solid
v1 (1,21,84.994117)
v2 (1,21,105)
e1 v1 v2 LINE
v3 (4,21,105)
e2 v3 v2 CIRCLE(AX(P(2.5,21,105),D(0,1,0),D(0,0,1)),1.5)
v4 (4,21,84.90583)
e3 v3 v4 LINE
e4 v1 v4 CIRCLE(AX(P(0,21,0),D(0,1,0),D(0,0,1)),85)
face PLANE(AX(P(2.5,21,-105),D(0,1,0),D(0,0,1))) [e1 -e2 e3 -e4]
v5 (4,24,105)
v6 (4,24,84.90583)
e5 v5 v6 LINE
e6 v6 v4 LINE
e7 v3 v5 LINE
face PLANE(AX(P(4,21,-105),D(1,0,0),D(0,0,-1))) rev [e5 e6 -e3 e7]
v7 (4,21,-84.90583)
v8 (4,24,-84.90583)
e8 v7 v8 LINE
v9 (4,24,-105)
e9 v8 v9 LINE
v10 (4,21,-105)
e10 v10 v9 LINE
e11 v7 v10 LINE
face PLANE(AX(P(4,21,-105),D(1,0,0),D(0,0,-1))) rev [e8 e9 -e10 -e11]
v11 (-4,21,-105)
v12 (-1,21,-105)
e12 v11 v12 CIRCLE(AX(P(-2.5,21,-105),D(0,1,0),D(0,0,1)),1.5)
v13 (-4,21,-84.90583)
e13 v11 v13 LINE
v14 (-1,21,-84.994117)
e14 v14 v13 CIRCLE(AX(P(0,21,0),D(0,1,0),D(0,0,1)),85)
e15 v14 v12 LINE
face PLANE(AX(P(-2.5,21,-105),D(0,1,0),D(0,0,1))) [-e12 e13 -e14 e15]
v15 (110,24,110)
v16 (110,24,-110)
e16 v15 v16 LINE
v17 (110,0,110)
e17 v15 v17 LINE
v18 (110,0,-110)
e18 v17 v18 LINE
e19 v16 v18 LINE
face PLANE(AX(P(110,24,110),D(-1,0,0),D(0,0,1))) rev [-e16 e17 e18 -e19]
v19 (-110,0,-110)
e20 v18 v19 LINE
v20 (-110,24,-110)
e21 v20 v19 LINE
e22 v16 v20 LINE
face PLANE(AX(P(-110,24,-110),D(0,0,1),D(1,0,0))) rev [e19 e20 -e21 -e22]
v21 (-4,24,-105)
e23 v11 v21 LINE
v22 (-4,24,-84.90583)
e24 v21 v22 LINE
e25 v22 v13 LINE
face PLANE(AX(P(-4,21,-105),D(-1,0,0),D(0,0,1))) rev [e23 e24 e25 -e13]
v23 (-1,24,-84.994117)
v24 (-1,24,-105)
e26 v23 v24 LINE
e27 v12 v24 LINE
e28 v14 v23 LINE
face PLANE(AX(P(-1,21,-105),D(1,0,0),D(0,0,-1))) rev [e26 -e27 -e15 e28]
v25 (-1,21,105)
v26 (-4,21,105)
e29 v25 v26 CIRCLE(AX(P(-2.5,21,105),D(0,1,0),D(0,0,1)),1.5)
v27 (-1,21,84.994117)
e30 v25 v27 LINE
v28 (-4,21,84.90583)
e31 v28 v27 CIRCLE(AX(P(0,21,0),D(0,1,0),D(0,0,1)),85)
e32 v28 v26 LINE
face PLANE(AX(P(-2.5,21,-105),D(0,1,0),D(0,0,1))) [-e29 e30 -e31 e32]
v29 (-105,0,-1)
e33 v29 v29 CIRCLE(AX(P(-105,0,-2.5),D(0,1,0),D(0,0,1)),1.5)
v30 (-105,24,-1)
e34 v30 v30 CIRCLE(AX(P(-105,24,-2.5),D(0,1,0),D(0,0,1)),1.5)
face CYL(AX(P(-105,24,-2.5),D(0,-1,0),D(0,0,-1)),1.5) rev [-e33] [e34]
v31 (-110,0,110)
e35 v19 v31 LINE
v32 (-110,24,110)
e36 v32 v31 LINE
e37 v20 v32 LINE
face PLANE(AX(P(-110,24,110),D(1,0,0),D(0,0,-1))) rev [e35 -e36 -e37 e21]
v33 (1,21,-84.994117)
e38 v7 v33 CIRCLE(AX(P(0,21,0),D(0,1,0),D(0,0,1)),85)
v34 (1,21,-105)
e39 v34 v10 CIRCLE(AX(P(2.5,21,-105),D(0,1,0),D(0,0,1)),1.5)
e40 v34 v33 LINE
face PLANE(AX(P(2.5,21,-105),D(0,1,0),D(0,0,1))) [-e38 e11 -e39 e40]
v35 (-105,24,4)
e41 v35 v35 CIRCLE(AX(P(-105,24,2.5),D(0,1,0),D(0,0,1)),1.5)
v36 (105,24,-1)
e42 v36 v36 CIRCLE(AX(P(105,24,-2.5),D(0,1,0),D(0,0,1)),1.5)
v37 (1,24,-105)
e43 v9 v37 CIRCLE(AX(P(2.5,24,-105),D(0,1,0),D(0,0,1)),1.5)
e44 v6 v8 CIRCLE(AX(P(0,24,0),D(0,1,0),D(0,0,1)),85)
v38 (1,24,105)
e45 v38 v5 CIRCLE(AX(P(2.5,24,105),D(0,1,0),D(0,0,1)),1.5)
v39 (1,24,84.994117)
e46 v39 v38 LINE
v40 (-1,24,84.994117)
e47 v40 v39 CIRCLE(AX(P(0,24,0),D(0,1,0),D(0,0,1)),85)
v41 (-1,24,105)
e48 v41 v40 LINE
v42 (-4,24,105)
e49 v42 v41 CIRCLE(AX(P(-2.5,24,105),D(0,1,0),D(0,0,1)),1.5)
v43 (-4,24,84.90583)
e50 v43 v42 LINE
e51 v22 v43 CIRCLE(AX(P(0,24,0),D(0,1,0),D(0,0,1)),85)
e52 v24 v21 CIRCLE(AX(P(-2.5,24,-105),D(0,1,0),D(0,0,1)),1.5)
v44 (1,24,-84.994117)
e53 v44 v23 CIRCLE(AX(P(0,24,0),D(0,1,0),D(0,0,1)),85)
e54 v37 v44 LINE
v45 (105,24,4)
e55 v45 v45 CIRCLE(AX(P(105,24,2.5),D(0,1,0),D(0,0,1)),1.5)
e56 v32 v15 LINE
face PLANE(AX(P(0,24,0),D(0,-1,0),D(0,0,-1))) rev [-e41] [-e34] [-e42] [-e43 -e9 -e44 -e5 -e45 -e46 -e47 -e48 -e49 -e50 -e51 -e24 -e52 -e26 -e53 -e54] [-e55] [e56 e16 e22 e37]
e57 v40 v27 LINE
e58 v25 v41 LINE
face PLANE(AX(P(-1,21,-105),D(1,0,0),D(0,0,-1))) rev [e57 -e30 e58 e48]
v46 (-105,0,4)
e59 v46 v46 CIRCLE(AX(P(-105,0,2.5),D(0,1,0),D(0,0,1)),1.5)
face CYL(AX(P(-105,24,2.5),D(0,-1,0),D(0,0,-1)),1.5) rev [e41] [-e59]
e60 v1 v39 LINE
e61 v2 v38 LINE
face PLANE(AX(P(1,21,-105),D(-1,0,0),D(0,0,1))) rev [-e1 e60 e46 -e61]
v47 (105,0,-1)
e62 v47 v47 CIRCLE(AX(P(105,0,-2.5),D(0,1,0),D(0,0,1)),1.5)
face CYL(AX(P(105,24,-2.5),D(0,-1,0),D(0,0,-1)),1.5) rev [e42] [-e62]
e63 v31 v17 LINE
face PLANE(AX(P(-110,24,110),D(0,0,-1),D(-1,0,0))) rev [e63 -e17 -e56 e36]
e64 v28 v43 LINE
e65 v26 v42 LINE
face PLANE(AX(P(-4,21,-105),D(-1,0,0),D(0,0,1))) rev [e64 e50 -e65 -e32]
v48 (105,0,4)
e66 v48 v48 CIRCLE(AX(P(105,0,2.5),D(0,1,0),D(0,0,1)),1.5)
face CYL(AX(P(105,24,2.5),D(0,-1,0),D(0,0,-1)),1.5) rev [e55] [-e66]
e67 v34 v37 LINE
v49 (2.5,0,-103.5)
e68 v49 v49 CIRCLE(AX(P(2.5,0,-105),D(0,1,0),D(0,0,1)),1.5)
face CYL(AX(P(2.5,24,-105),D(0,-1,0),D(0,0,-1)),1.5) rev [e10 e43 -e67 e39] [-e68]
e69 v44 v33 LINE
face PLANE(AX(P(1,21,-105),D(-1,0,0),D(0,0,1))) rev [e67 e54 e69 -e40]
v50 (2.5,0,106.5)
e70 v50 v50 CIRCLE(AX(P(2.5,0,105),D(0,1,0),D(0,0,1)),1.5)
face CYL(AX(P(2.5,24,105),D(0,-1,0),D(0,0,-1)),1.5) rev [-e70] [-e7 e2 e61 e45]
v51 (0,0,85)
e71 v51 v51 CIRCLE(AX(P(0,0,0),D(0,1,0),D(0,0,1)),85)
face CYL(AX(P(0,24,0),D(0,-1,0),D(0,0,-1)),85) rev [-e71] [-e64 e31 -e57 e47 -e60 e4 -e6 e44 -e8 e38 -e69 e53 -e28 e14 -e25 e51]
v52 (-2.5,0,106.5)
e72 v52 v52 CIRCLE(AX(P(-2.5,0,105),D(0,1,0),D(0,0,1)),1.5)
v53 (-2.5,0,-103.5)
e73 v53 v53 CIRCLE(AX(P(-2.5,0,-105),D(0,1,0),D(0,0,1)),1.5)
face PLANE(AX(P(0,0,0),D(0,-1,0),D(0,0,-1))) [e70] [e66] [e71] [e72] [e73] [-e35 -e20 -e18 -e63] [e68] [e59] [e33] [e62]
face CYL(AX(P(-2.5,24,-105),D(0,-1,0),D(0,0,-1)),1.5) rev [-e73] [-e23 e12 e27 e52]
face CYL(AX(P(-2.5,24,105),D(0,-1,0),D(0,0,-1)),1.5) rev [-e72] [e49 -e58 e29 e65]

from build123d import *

# Parameters (mm, degrees)
SKETCH1_W           = 220
SKETCH1_H           = 220
SKETCH1_R           = 85
SKETCH1_R_2         = 1.5
BOSS_EXTRUDE1_DEPTH = 24
CUT_EXTRUDE1_START  = -3
CUT_EXTRUDE1_DEPTH  = 3


with BuildPart() as part:
    # Sketch1 → Boss-Extrude1 (new body)
    with BuildSketch(Plane(origin=(0, 0, 0), x_dir=(1, 0, 0), z_dir=(0, 1, 0))):
        Rectangle(SKETCH1_W, SKETCH1_H)
        with Locations(Location((0, 0, 0), (0, 0, 270))):
            Circle(SKETCH1_R, mode=Mode.SUBTRACT)
        with Locations(Location((-105, 2.5, 0), (0, 0, 270))):
            Circle(SKETCH1_R_2, mode=Mode.SUBTRACT)
        with Locations(Location((-105, -2.5, 0), (0, 0, 270))):
            Circle(SKETCH1_R_2, mode=Mode.SUBTRACT)
        with Locations(Location((105, 2.5, 0), (0, 0, 270))):
            Circle(SKETCH1_R_2, mode=Mode.SUBTRACT)
        with Locations(Location((105, -2.5, 0), (0, 0, 270))):
            Circle(SKETCH1_R_2, mode=Mode.SUBTRACT)
        with Locations(Location((-2.5, -105, 0), (0, 0, 270))):
            Circle(SKETCH1_R_2, mode=Mode.SUBTRACT)
        with Locations(Location((2.5, -105, 0), (0, 0, 270))):
            Circle(SKETCH1_R_2, mode=Mode.SUBTRACT)
        with Locations(Location((-2.5, 105, 0), (0, 0, 270))):
            Circle(SKETCH1_R_2, mode=Mode.SUBTRACT)
        with Locations(Location((2.5, 105, 0), (0, 0, 270))):
            Circle(SKETCH1_R_2, mode=Mode.SUBTRACT)
    extrude(amount=BOSS_EXTRUDE1_DEPTH)

    # Sketch2 → Cut-Extrude1 (cut)
    with BuildSketch(Plane(origin=(0, 24, 0), x_dir=(1, 0, 0), z_dir=(0, 1, 0)).offset(CUT_EXTRUDE1_START)):
        with BuildLine():
            Line((4, 105), (4, -105))
            ThreePointArc((4, -105), (2.5, -106.5), (1, -105))
            Line((1, -105), (1, 105))
            ThreePointArc((1, 105), (2.5, 106.5), (4, 105))
        make_face()
        with BuildLine():
            Line((-1, 105), (-1, -105))
            ThreePointArc((-1, -105), (-2.5, -106.5), (-4, -105))
            Line((-4, -105), (-4, 105))
            ThreePointArc((-4, 105), (-2.5, 106.5), (-1, 105))
        make_face()
    extrude(amount=CUT_EXTRUDE1_DEPTH, mode=Mode.SUBTRACT)


solid = part.part
